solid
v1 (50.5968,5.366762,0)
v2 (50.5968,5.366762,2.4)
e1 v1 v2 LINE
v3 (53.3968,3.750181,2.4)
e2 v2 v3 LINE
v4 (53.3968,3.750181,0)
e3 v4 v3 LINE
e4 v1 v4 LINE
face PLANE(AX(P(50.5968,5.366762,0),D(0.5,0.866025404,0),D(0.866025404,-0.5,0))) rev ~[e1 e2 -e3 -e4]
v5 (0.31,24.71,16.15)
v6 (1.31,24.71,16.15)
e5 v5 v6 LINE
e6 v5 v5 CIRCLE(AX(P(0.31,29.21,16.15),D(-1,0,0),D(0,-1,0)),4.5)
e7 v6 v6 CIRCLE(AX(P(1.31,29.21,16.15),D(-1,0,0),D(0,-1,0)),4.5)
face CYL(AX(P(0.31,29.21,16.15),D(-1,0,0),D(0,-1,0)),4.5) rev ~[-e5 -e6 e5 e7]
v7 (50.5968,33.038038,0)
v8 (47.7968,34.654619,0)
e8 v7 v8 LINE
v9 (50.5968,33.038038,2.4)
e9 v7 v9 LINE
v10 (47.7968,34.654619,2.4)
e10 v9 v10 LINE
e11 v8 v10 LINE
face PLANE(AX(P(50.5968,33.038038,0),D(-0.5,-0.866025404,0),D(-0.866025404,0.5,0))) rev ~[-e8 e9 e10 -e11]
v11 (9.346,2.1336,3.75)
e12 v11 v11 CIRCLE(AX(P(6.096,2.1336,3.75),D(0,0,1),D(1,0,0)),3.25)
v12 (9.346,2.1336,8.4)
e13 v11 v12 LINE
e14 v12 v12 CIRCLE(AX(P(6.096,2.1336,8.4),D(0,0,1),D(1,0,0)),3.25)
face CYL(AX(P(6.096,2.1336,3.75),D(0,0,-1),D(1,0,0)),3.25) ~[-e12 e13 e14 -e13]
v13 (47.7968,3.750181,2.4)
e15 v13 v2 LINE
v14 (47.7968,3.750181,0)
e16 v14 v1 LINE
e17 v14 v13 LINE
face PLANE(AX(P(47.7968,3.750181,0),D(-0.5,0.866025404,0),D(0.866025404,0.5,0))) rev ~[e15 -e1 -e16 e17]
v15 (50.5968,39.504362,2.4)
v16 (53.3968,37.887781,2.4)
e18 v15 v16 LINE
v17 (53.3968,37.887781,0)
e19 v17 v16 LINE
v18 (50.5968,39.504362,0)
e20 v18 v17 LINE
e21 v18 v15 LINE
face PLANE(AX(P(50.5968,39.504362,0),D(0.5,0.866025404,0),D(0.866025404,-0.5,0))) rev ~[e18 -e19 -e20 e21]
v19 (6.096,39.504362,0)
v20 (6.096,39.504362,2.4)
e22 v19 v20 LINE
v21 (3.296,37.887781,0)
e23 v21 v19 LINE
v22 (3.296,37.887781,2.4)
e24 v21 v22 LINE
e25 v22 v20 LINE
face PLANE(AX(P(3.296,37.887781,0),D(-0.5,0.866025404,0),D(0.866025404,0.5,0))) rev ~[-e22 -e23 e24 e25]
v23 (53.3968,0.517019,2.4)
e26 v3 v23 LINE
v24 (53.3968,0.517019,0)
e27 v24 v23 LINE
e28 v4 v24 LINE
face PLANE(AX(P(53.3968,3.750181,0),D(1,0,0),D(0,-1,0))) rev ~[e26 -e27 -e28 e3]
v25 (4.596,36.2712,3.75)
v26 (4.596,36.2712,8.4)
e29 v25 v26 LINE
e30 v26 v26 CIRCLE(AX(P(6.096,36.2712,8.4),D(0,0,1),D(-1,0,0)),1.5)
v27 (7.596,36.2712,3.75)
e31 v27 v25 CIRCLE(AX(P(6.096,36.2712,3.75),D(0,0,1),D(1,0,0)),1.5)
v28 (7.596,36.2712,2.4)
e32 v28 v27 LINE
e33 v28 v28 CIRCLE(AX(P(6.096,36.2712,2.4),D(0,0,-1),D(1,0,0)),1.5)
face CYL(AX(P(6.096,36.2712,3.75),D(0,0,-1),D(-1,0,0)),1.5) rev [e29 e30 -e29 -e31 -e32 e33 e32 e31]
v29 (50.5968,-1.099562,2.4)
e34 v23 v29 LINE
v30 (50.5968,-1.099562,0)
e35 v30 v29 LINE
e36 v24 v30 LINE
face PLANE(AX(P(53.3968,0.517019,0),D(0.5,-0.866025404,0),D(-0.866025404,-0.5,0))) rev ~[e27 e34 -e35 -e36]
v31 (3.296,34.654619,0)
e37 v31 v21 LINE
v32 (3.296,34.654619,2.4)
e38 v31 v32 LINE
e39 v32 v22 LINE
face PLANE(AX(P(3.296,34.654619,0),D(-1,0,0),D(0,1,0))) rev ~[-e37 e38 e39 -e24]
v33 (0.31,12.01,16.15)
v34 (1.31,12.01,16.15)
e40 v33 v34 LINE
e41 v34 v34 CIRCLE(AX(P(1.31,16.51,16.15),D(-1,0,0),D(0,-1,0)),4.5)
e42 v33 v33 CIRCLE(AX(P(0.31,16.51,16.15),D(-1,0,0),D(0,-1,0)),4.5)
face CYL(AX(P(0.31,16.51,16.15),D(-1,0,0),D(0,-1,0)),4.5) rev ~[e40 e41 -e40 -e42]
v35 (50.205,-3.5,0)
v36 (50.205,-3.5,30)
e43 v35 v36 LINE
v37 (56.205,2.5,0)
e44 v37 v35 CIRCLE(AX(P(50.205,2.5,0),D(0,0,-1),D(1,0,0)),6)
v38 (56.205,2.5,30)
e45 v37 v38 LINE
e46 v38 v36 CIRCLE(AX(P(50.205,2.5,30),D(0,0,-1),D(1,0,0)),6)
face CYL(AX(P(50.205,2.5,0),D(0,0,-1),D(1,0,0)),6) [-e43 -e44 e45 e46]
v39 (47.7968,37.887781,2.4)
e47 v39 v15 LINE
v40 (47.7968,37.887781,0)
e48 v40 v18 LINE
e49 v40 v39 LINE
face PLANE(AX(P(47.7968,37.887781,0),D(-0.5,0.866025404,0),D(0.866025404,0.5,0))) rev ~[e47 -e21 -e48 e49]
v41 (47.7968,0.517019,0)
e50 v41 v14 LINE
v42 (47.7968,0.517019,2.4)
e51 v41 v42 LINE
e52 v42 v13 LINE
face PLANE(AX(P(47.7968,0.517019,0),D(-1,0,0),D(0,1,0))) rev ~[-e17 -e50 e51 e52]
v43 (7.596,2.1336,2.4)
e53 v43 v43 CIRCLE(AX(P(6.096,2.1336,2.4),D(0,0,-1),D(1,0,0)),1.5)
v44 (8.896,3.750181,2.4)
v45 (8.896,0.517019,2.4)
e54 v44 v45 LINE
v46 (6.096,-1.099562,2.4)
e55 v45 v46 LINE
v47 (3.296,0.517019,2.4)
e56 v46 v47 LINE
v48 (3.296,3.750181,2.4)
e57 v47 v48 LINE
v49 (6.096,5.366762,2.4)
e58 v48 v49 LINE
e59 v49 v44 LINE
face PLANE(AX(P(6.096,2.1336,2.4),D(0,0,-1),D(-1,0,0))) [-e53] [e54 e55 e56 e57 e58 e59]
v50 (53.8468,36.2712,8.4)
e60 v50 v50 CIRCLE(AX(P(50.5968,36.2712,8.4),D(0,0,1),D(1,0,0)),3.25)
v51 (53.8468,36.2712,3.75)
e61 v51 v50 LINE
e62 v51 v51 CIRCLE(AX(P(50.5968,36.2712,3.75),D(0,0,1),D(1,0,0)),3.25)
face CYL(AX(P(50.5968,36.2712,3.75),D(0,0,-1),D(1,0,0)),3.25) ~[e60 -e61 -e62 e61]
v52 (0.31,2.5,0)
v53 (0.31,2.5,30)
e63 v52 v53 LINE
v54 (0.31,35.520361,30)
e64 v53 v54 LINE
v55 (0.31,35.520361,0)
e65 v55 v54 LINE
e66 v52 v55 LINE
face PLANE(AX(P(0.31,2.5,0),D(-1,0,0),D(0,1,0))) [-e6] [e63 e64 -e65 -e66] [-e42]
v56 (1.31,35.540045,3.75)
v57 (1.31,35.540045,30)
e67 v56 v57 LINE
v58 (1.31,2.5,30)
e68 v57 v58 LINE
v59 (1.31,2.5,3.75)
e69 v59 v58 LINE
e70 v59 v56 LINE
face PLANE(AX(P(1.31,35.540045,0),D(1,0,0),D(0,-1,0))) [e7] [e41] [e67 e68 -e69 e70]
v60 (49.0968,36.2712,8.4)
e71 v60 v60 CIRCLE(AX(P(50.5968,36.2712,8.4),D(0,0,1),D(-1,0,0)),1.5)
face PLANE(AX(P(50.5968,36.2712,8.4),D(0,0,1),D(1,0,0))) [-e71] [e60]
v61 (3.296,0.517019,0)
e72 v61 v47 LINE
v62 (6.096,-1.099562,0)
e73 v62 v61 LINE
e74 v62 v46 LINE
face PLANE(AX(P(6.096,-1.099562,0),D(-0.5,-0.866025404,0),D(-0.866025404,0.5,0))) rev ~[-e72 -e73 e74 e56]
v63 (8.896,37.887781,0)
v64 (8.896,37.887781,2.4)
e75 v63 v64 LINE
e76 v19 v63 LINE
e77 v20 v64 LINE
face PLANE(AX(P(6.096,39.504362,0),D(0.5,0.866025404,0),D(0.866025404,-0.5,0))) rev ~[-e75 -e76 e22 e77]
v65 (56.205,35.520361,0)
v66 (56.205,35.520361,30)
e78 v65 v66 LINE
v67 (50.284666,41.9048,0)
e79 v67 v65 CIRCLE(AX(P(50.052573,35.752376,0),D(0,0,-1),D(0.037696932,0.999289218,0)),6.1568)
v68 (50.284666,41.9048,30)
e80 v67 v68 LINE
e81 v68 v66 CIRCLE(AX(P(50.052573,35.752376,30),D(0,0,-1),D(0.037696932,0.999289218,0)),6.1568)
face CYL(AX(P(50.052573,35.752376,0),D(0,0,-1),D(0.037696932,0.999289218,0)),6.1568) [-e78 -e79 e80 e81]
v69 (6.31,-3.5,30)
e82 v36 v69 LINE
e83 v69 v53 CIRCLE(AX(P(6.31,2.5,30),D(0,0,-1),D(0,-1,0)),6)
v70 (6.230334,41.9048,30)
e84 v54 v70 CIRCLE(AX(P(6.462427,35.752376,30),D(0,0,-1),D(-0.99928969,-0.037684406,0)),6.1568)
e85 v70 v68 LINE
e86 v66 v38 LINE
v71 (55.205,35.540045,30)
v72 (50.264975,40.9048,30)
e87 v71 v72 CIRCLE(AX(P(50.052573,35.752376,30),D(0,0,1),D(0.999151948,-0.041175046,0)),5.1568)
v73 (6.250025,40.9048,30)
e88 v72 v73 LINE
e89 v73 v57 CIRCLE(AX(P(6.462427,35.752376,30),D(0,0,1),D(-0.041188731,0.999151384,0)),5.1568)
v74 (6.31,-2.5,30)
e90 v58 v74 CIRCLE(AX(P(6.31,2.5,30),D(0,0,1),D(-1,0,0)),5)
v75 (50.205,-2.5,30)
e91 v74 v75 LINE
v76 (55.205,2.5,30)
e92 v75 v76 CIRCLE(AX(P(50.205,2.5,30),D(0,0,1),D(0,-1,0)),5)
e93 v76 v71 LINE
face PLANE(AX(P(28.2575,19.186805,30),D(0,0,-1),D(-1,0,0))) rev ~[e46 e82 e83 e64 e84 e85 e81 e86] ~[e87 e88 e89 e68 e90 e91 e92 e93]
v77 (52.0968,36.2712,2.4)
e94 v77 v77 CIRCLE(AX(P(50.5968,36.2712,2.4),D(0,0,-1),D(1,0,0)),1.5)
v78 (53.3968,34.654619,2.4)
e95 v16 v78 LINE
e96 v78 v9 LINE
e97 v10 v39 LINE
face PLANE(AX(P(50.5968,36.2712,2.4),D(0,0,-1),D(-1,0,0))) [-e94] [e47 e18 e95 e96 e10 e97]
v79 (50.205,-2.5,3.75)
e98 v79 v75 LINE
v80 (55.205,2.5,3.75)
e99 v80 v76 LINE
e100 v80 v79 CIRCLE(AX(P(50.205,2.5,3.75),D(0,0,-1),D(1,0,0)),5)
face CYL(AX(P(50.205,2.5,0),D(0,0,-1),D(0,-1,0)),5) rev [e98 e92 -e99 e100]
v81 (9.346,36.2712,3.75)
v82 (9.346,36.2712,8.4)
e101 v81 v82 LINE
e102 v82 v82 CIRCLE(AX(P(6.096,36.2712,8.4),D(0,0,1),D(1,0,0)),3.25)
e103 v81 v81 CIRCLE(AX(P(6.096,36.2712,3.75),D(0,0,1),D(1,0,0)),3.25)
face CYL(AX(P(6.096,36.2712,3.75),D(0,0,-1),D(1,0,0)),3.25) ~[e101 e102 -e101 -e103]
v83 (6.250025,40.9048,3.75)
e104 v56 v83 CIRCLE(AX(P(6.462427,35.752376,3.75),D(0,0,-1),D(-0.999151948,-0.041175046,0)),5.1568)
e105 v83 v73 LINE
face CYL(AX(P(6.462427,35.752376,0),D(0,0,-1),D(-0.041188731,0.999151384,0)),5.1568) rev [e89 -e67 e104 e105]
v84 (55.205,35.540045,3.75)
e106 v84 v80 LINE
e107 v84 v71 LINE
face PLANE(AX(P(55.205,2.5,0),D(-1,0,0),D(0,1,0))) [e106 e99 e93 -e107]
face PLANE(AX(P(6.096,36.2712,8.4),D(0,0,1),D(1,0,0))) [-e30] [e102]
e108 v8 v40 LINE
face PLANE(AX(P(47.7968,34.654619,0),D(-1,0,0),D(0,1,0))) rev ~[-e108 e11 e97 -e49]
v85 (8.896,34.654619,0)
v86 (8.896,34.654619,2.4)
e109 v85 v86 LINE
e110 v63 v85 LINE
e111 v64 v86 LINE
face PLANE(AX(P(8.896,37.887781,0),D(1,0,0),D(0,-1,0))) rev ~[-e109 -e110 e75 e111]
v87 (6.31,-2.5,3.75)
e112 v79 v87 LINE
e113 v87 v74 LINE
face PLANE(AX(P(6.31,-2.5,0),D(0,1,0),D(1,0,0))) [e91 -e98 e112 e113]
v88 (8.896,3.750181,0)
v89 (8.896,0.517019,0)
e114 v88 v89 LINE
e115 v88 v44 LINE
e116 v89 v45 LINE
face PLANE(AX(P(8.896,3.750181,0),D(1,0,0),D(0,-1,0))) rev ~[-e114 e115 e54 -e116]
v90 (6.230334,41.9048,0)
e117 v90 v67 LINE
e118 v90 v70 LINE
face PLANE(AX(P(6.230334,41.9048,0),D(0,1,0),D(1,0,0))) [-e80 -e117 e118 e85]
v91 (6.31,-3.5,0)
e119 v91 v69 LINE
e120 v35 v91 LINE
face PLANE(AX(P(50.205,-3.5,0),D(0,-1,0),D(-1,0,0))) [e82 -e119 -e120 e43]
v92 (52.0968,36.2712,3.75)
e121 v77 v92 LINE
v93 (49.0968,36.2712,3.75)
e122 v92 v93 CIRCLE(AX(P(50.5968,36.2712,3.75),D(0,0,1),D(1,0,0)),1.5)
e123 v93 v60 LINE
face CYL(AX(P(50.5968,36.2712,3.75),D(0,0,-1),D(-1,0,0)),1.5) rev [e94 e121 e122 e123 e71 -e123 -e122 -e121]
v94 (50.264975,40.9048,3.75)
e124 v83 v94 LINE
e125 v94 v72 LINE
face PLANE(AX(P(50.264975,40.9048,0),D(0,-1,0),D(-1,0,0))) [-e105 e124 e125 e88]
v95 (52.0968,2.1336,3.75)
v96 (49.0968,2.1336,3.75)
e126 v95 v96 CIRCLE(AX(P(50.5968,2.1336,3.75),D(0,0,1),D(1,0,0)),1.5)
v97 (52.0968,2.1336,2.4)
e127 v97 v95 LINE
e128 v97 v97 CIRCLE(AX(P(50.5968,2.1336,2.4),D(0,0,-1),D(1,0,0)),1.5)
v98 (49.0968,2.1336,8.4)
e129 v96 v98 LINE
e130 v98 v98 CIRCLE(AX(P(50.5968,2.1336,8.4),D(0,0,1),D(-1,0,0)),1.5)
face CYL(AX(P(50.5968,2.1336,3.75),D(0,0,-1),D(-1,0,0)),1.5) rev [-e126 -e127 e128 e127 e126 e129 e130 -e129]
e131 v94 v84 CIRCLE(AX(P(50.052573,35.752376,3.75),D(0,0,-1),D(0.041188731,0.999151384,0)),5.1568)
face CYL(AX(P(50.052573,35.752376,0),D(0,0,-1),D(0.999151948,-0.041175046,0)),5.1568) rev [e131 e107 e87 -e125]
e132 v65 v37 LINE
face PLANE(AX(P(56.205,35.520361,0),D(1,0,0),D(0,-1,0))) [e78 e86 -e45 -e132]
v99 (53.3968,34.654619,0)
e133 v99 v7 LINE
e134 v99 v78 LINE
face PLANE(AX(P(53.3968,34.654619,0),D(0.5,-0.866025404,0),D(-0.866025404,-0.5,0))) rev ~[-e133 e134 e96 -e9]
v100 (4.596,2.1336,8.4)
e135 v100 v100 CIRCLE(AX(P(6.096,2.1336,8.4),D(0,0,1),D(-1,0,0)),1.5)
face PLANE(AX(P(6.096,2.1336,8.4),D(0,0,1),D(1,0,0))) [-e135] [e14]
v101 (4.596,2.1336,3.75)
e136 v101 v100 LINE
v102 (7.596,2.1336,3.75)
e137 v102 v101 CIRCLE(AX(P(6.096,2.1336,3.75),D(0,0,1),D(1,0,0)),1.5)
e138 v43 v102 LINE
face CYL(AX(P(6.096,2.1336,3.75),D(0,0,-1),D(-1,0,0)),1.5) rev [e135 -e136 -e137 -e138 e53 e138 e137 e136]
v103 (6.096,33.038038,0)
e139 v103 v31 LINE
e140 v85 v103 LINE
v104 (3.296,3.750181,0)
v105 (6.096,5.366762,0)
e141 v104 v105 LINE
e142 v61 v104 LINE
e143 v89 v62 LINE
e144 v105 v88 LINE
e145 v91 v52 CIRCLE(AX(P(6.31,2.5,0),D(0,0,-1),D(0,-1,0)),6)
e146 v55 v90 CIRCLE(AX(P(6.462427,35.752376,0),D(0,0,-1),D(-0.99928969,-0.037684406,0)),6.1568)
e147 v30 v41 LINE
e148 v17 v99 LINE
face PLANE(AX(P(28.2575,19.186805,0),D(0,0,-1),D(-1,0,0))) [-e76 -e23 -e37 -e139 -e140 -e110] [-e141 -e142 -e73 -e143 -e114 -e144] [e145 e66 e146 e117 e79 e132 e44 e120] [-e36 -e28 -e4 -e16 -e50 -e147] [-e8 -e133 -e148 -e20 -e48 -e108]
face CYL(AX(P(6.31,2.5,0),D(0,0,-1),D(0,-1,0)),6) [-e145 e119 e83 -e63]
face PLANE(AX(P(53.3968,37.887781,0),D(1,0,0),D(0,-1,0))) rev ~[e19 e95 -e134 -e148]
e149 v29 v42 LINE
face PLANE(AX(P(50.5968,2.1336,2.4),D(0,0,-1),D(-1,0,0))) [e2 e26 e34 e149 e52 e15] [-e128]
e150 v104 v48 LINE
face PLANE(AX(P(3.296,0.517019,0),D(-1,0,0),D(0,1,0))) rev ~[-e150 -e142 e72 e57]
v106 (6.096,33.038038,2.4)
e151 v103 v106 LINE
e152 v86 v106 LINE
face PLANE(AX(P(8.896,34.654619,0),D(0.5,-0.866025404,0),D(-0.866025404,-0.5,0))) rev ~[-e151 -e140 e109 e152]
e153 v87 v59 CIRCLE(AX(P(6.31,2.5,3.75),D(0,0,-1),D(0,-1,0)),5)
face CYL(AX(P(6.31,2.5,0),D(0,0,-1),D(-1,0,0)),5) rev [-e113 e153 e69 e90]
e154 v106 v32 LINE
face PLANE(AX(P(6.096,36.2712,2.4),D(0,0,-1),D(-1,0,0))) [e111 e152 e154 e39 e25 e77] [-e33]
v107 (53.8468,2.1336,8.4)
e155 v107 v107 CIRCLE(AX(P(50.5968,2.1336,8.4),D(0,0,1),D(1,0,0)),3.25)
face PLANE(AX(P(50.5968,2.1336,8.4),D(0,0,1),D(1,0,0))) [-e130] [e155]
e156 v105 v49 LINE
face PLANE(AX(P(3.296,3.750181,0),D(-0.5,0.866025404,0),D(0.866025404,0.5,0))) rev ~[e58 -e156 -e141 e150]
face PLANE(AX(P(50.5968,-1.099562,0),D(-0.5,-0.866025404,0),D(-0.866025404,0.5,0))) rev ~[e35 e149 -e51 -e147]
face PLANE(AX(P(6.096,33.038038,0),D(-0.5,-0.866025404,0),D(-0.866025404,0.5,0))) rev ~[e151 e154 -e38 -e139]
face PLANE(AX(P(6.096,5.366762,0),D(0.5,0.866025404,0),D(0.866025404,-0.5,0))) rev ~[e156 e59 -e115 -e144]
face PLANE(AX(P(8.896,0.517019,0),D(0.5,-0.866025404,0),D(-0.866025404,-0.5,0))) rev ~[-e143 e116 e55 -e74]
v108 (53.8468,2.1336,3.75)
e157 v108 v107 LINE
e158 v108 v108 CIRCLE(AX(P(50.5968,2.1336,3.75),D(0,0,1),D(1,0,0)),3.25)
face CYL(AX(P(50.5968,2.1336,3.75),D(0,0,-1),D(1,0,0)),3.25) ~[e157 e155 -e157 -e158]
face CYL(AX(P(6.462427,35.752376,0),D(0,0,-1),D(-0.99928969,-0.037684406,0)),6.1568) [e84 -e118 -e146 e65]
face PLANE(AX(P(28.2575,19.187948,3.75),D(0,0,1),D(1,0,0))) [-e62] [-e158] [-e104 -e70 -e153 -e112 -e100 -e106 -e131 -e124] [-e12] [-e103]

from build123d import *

# Parameters (mm, degrees)
SKETCH1_R           = 1.5
BOSS_EXTRUDE2_DEPTH = 3.75
BOSS_EXTRUDE3_DEPTH = 30
CUT_EXTRUDE1_DEPTH  = 2.4
SKETCH3_R           = 3.25
SKETCH3_R_2         = 1.5
BOSS_EXTRUDE4_DEPTH = 4.65
SKETCH4_R           = 4.5
CUT_EXTRUDE2_DEPTH  = 1


with BuildPart() as part:
    # Sketch1 → Boss-Extrude2 (new body)
    # profile 1 of 2: a face of its own
    with BuildSketch(Plane.XY):
        with BuildLine():
            Line((55.205, 35.540044664), (55.205, 2.5))
            ThreePointArc((55.205, 2.5), (53.740533906, -1.035533906), (50.205, -2.5))
            Line((50.205, -2.5), (6.31, -2.5))
            ThreePointArc((6.31, -2.5), (2.774466094, -1.035533906), (1.31, 2.5))
            Line((1.31, 2.5), (1.31, 35.540044664))
            ThreePointArc((1.31, 35.540044664), (2.66894591, 39.245525041), (6.250024717, 40.9048))
            Line((6.250024717, 40.9048), (50.264975283, 40.9048))
            ThreePointArc((50.264975283, 40.9048), (53.84605409, 39.245525041), (55.205, 35.540044664))
        make_face()
        with BuildLine():
            ThreePointArc((3.81, 2.5), (4.542233047, 0.732233047), (6.31, 0))
            Line((6.31, 0), (50.205, 0))
            ThreePointArc((50.205, 0), (51.972766953, 0.732233047), (52.705, 2.5))
            Line((52.705, 2.5), (52.705, 35.6))
            ThreePointArc((52.705, 35.6), (52.03588526, 37.520159965), (50.205, 38.4048))
            Line((50.205, 38.4048), (6.31, 38.4048))
            ThreePointArc((6.31, 38.4048), (4.47911474, 37.520159965), (3.81, 35.6))
            Line((3.81, 35.6), (3.81, 2.5))
        make_face(mode=Mode.SUBTRACT)
    # profile 2 of 2: a face of its own
    with BuildSketch(Plane.XY):
        with BuildLine():
            Line((3.81, 35.6), (3.81, 2.5))
            ThreePointArc((3.81, 2.5), (4.542233047, 0.732233047), (6.31, 0))
            Line((6.31, 0), (50.205, 0))
            ThreePointArc((50.205, 0), (51.972766953, 0.732233047), (52.705, 2.5))
            Line((52.705, 2.5), (52.705, 35.6))
            ThreePointArc((52.705, 35.6), (52.03588526, 37.520159965), (50.205, 38.4048))
            Line((50.205, 38.4048), (6.31, 38.4048))
            ThreePointArc((6.31, 38.4048), (4.47911474, 37.520159965), (3.81, 35.6))
        make_face()
        with Locations((6.096, 36.2712)):
            Circle(SKETCH1_R, mode=Mode.SUBTRACT)
        with Locations((50.5968, 36.2712)):
            Circle(SKETCH1_R, mode=Mode.SUBTRACT)
        with Locations((50.5968, 2.1336)):
            Circle(SKETCH1_R, mode=Mode.SUBTRACT)
        with Locations((6.096, 2.1336)):
            Circle(SKETCH1_R, mode=Mode.SUBTRACT)
    extrude(amount=BOSS_EXTRUDE2_DEPTH)

    # Sketch1<3> → Boss-Extrude3 (add)
    with BuildSketch(Plane.XY):
        with BuildLine():
            Line((56.205, 35.52036079), (56.205, 2.5))
            ThreePointArc((56.205, 2.5), (54.447640687, -1.742640687), (50.205, -3.5))
            Line((50.205, -3.5), (6.31, -3.5))
            ThreePointArc((6.31, -3.5), (2.067359313, -1.742640687), (0.31, 2.5))
            Line((0.31, 2.5), (0.31, 35.52036079))
            ThreePointArc((0.31, 35.52036079), (1.947918213, 39.938710907), (6.230334295, 41.9048))
            Line((6.230334295, 41.9048), (50.284665705, 41.9048))
            ThreePointArc((50.284665705, 41.9048), (54.567081787, 39.938710907), (56.205, 35.52036079))
        make_face()
        with BuildLine():
            ThreePointArc((55.205, 35.540044664), (53.84605409, 39.245525041), (50.264975283, 40.9048))
            Line((50.264975283, 40.9048), (6.250024717, 40.9048))
            ThreePointArc((6.250024717, 40.9048), (2.66894591, 39.245525041), (1.31, 35.540044664))
            Line((1.31, 35.540044664), (1.31, 2.5))
            ThreePointArc((1.31, 2.5), (2.774466094, -1.035533906), (6.31, -2.5))
            Line((6.31, -2.5), (50.205, -2.5))
            ThreePointArc((50.205, -2.5), (53.740533906, -1.035533906), (55.205, 2.5))
            Line((55.205, 2.5), (55.205, 35.540044664))
        make_face(mode=Mode.SUBTRACT)
    extrude(amount=BOSS_EXTRUDE3_DEPTH)

    # Sketch2 → Cut-Extrude1 (cut)
    with BuildSketch(Plane(origin=(0, 0, 0), x_dir=(-1, 0, 0), z_dir=(0, 0, -1))):
        Polygon((-50.5968, 5.366761507), (-53.3968, 3.750180754), (-53.3968, 0.517019246), (-50.5968, -1.099561507), (-47.7968, 0.517019246), (-47.7968, 3.750180754), align=None)
        Polygon((-47.7968, 37.887780754), (-50.5968, 39.504361507), (-53.3968, 37.887780754), (-53.3968, 34.654619246), (-50.5968, 33.038038493), (-47.7968, 34.654619246), align=None)
        Polygon((-6.096, 39.504361507), (-8.896, 37.887780754), (-8.896, 34.654619246), (-6.096, 33.038038493), (-3.296, 34.654619246), (-3.296, 37.887780754), align=None)
        Polygon((-6.096, 5.366761507), (-8.896, 3.750180754), (-8.896, 0.517019246), (-6.096, -1.099561507), (-3.296, 0.517019246), (-3.296, 3.750180754), align=None)
    extrude(amount=-CUT_EXTRUDE1_DEPTH, mode=Mode.SUBTRACT)

    # Sketch3 → Boss-Extrude4 (add)
    # profile 1 of 4: a face of its own
    with BuildSketch(Plane.XY.offset(3.75)):
        with Locations((6.096, 36.2712)):
            Circle(SKETCH3_R)
        with Locations(Location((6.096, 36.2712, 0), (0, 0, 180))):
            Circle(SKETCH3_R_2, mode=Mode.SUBTRACT)
    # profile 2 of 4: a face of its own
    with BuildSketch(Plane.XY.offset(3.75)):
        with Locations((6.096, 2.1336)):
            Circle(SKETCH3_R)
        with Locations(Location((6.096, 2.1336, 0), (0, 0, 180))):
            Circle(SKETCH3_R_2, mode=Mode.SUBTRACT)
    # profile 3 of 4: a face of its own
    with BuildSketch(Plane.XY.offset(3.75)):
        with Locations((50.5968, 2.1336)):
            Circle(SKETCH3_R)
        with Locations(Location((50.5968, 2.1336, 0), (0, 0, 180))):
            Circle(SKETCH3_R_2, mode=Mode.SUBTRACT)
    # profile 4 of 4: a face of its own
    with BuildSketch(Plane.XY.offset(3.75)):
        with Locations((50.5968, 36.2712)):
            Circle(SKETCH3_R)
        with Locations(Location((50.5968, 36.2712, 0), (0, 0, 180))):
            Circle(SKETCH3_R_2, mode=Mode.SUBTRACT)
    extrude(amount=BOSS_EXTRUDE4_DEPTH)

    # Sketch4 → Cut-Extrude2 (cut)
    with BuildSketch(Plane.ZY.offset(-0.31)):
        with Locations(Location((16.15, 29.21, 0), (0, 0, 270))):
            Circle(SKETCH4_R)
        with Locations(Location((16.15, 16.51, 0), (0, 0, 270))):
            Circle(SKETCH4_R)
    extrude(amount=-CUT_EXTRUDE2_DEPTH, mode=Mode.SUBTRACT)


solid = part.part
